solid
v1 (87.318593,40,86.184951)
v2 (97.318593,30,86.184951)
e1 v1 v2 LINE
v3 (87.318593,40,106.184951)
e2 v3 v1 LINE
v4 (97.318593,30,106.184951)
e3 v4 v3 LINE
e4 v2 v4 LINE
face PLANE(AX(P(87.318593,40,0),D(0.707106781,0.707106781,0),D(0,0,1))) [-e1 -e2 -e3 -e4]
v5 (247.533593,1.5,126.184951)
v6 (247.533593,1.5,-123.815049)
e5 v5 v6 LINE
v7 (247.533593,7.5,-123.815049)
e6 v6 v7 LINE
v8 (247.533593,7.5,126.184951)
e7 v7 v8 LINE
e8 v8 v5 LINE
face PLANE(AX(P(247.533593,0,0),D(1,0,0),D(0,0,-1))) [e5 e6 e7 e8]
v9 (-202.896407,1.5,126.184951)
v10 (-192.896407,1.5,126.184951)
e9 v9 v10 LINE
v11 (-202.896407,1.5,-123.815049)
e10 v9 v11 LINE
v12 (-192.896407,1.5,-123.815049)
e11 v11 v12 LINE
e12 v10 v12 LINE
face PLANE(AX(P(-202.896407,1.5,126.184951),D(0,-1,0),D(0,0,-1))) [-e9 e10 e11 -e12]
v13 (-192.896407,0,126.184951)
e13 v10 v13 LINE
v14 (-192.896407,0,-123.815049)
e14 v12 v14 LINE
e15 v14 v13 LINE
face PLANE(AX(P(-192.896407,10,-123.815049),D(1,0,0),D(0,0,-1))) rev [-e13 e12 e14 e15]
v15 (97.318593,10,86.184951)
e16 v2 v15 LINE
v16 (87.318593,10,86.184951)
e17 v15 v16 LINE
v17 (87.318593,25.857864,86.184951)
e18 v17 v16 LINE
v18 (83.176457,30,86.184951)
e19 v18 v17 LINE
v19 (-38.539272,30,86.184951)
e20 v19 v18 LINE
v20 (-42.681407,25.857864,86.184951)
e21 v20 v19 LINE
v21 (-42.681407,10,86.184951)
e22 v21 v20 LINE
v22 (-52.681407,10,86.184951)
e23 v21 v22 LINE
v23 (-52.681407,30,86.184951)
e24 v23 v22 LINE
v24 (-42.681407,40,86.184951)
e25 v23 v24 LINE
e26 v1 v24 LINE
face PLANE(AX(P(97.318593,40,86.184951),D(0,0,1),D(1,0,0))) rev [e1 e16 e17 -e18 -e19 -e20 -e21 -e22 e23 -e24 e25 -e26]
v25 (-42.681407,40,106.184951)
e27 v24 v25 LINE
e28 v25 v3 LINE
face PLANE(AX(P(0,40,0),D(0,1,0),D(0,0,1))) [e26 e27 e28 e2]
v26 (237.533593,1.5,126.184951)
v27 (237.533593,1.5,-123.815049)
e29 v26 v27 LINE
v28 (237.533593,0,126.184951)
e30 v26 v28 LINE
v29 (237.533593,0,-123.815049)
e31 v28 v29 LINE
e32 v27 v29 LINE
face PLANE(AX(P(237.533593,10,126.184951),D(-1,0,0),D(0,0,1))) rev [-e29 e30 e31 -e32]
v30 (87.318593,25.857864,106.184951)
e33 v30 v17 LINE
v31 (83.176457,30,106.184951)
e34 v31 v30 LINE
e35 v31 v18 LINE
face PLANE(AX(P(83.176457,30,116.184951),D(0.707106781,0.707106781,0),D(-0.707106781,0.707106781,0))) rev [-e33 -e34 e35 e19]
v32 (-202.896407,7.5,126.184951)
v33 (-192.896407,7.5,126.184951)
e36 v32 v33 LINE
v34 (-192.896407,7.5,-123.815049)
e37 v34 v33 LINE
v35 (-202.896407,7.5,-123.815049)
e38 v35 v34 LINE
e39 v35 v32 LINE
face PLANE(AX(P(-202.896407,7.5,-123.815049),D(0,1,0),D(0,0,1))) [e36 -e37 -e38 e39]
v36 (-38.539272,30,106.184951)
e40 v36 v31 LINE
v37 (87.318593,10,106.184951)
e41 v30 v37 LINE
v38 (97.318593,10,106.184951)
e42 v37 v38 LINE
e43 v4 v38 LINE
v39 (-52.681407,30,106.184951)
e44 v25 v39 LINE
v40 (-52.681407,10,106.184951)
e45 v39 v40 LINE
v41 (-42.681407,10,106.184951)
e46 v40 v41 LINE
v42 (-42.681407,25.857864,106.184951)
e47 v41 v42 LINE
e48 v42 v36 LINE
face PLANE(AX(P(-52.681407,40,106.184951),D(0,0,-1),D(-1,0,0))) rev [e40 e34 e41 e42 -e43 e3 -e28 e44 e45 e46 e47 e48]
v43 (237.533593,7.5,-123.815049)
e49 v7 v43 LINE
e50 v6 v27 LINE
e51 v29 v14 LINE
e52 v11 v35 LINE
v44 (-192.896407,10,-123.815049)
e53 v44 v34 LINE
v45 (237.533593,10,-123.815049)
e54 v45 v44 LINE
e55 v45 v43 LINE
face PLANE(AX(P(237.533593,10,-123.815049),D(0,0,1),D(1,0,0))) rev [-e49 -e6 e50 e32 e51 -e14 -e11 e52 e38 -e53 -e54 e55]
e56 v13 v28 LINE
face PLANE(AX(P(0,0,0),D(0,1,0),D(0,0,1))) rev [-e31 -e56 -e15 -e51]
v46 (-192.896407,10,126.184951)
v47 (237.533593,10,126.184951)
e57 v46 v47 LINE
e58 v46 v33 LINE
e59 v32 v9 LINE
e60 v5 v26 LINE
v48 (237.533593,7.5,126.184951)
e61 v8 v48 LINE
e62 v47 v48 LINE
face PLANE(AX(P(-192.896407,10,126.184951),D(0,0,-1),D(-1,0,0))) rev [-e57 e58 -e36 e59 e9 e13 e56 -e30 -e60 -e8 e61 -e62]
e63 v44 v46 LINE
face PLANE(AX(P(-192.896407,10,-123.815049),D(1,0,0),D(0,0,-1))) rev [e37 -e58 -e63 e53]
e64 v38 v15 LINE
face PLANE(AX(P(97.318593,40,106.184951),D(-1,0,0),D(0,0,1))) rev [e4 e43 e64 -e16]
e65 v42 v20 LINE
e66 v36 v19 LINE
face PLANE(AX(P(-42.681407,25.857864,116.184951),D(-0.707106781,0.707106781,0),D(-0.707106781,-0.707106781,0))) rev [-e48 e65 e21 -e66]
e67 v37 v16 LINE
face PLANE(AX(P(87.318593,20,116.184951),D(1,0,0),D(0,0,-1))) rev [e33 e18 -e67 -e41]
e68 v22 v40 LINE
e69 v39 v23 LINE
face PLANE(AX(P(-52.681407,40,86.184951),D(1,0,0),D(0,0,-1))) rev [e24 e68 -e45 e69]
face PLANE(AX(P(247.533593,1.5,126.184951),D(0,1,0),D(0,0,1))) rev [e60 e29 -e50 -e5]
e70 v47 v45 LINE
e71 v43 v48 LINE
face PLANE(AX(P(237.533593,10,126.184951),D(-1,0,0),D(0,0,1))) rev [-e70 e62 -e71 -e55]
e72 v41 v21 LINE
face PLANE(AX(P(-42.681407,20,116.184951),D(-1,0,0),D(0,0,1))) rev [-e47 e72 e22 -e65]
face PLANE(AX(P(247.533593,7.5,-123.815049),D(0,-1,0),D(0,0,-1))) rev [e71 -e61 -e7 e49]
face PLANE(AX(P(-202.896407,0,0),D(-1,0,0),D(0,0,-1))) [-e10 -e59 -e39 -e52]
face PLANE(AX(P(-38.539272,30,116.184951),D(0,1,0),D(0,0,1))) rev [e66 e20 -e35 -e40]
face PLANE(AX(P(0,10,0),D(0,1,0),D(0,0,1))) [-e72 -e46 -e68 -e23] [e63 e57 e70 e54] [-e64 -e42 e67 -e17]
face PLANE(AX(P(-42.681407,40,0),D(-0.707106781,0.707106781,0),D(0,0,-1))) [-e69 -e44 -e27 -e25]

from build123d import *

# Parameters (mm, degrees)
SKETCH_1_W          = 430.43
SKETCH_1_H          = 250
EXTRUDE_1_DEPTH     = 10
SKETCH_2_W          = 250
SKETCH_2_H          = 6
EXTRUDE_2_DEPTH     = 10
SKETCH_3_W          = 150
SKETCH_3_H          = 20
EXTRUDE_3_DEPTH     = 30
CHAMFER_2_SIZE      = 10
CHAMFER_3_SIZE      = 10
CUT_EXTRUDE_2_DEPTH = 30


with BuildPart() as part:
    # 草图1 → 凸台-拉伸1 (new body)
    with BuildSketch(Plane(origin=(0, 0, 0), x_dir=(1, 0, 0), z_dir=(0, 1, 0))):
        with Locations((22.318592593, -1.184950617)):
            Rectangle(SKETCH_1_W, SKETCH_1_H)
    extrude(amount=EXTRUDE_1_DEPTH)

    # 草图2 → 凸台-拉伸2 (add)
    with BuildSketch(Plane(origin=(237.533592593, 0, 0), x_dir=(0, 0, -1), z_dir=(1, 0, 0))):
        with Locations((-1.184950617, 4.5)):
            Rectangle(SKETCH_2_W, SKETCH_2_H)
    extrude_2 = extrude(amount=EXTRUDE_2_DEPTH)

    # 镜向1: 凸台-拉伸2 across plane
    add(extrude_2.mirror(Plane(origin=(22.318592593, 0, 0), x_dir=(0, 0, 1), z_dir=(1, 0, 0))))

    # 草图3 → 凸台-拉伸3 (add)
    with BuildSketch(Plane(origin=(0, 10, 0), x_dir=(1, 0, 0), z_dir=(0, 1, 0))):
        with Locations((22.318592593, -96.184950617)):
            Rectangle(SKETCH_3_W, SKETCH_3_H)
    extrude(amount=EXTRUDE_3_DEPTH)

    # 倒角2
    chamfer_2_edges = [part.edges().sort_by_distance(p)[0] for p in [
        (97.318592593, 40, 96.184950617),
    ]]
    chamfer(chamfer_2_edges, length=CHAMFER_2_SIZE)

    # 倒角3
    chamfer_3_edges = [part.edges().sort_by_distance(p)[0] for p in [
        (-52.681407407, 40, 96.184950617),
    ]]
    chamfer(chamfer_3_edges, length=CHAMFER_3_SIZE)

    # 草图5 → 切除-拉伸2 (cut)
    with BuildSketch(Plane(origin=(0, 0, 86.184950617), x_dir=(-1, 0, 0), z_dir=(0, 0, -1))):
        Polygon((-87.318592593, 20), (-87.318592593, 10), (42.681407407, 10), (42.681407407, 20), (42.681407407, 25.857864376), (38.539271784, 30), (-83.176456969, 30), (-87.318592593, 25.857864376), align=None)
    extrude(amount=-CUT_EXTRUDE_2_DEPTH, mode=Mode.SUBTRACT)


solid = part.part
